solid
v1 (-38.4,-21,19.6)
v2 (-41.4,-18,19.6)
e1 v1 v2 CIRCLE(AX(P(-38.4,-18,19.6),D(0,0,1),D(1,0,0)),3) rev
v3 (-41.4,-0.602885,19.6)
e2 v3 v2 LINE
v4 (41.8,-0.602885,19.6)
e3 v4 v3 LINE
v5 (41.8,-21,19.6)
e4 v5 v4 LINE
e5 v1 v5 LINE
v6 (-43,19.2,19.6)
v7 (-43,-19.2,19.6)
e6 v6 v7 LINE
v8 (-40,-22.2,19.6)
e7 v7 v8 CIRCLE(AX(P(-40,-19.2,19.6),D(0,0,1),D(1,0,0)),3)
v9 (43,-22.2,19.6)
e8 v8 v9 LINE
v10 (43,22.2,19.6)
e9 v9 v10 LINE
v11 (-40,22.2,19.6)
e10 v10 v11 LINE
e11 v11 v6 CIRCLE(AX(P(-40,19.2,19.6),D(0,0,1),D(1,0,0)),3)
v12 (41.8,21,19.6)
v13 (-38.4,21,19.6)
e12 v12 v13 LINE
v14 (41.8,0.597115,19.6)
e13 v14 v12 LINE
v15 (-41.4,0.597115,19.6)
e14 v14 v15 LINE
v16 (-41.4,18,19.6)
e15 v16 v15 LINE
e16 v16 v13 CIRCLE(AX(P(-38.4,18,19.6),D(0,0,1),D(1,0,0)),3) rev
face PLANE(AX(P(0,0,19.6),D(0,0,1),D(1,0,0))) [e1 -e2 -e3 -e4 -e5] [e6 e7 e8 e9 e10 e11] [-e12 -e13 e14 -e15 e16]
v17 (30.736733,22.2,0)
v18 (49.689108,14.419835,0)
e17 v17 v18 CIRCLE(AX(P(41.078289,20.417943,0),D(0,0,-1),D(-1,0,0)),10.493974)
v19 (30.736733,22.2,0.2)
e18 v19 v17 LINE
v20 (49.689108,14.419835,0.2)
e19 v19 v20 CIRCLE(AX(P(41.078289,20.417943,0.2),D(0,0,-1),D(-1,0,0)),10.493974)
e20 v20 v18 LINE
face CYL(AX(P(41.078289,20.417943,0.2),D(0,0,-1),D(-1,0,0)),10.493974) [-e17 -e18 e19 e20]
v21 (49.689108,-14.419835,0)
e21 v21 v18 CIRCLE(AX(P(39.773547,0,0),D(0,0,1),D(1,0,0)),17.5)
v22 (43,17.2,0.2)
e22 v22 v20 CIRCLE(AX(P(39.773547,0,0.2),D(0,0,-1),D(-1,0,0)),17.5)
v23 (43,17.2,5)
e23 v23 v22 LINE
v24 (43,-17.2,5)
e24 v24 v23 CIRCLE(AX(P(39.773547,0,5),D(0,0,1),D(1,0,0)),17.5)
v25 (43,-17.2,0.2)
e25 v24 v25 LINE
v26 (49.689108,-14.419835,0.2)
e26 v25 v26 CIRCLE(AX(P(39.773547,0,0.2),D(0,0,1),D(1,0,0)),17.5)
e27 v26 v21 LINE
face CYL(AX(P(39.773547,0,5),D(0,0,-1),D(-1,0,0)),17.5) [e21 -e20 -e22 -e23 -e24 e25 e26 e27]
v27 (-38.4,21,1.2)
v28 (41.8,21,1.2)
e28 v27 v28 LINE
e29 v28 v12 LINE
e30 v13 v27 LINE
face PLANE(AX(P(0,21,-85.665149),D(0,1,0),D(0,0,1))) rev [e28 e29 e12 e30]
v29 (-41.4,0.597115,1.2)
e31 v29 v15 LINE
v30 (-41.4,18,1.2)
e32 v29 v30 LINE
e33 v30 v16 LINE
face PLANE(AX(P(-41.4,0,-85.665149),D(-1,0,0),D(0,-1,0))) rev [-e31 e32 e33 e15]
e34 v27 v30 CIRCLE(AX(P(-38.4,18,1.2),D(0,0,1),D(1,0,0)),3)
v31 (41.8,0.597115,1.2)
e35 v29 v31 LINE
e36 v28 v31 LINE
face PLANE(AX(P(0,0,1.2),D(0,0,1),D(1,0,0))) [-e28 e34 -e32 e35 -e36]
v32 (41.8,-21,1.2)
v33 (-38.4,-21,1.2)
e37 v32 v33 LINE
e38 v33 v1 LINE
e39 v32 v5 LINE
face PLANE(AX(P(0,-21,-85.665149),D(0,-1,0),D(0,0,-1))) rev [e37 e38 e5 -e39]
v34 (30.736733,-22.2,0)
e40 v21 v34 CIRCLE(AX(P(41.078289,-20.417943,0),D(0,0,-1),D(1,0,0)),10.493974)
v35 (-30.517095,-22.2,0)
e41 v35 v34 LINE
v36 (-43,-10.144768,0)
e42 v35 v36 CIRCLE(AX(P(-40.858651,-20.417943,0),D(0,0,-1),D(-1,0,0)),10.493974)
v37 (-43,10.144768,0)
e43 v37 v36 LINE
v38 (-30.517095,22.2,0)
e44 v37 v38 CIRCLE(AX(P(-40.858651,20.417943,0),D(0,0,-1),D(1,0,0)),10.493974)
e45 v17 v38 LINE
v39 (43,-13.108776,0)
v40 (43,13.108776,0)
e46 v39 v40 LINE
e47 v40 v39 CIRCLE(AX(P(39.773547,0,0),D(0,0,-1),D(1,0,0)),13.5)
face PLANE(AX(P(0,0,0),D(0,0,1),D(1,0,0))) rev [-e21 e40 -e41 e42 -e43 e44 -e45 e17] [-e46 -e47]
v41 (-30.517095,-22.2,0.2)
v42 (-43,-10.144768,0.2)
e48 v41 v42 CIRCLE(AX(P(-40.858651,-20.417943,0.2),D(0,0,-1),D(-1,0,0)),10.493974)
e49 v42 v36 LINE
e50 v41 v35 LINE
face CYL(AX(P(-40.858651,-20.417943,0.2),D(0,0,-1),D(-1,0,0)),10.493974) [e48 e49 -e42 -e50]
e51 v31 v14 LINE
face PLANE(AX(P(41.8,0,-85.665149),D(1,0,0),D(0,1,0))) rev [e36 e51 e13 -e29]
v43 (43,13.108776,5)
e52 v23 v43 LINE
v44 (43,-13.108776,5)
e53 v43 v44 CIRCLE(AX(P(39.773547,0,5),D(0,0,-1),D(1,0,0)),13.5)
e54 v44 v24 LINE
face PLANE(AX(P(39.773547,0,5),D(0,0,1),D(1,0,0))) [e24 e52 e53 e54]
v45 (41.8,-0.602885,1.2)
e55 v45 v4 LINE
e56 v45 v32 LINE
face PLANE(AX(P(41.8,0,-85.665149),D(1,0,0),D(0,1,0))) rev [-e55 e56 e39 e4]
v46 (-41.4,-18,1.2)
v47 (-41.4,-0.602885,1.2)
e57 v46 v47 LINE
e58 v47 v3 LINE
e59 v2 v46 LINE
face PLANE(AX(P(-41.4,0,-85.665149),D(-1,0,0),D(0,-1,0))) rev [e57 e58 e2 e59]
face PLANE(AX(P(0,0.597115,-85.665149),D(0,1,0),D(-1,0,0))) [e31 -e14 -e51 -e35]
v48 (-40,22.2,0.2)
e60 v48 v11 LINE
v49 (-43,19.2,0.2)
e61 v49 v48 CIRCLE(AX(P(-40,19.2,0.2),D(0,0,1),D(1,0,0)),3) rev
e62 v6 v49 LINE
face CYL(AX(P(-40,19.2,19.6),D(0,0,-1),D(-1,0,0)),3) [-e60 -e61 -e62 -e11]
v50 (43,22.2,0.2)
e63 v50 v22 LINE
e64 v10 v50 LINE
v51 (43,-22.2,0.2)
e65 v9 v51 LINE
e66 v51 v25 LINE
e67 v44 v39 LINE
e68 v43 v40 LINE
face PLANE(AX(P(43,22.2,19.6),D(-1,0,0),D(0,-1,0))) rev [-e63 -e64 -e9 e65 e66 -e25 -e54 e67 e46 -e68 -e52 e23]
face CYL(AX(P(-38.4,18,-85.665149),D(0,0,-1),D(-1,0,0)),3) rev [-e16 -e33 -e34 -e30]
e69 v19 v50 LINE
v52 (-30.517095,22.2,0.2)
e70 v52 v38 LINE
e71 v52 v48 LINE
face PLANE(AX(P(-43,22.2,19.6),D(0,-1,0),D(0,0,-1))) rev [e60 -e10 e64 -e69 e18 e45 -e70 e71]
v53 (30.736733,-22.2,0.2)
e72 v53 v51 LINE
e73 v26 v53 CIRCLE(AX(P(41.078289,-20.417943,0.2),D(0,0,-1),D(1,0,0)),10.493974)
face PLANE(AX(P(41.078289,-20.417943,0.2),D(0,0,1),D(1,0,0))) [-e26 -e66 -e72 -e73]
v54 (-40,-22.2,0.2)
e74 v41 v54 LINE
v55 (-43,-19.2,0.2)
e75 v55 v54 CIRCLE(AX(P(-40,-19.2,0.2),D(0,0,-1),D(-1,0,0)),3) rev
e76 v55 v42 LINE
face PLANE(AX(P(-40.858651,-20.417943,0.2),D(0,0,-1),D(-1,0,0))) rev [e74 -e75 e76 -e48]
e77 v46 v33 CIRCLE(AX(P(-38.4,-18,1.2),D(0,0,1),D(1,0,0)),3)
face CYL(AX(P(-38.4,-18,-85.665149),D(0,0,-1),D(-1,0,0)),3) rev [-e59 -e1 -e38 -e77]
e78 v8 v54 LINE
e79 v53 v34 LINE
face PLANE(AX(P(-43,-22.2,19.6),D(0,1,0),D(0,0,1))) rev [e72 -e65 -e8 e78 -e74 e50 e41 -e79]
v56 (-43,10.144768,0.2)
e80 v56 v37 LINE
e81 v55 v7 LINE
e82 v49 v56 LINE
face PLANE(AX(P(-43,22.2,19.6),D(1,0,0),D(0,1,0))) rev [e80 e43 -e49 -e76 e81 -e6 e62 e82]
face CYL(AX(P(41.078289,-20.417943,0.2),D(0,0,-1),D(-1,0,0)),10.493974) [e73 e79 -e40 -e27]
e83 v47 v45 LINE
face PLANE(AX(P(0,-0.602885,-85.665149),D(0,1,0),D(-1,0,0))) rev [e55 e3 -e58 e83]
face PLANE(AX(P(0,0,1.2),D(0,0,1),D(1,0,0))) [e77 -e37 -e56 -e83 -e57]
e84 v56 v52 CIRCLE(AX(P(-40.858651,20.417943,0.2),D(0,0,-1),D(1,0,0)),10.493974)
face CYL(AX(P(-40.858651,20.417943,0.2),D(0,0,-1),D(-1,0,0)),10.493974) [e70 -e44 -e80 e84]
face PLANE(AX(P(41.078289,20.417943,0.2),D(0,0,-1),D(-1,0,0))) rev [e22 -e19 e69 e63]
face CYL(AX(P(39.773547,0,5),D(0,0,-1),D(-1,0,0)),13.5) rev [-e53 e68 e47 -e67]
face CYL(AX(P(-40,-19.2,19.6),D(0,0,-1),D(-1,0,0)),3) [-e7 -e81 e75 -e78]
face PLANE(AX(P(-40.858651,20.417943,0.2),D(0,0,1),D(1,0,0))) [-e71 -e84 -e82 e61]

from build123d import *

# Parameters (mm, degrees)
SKETCH_1_W          = 86
SKETCH_1_H          = 44.4
EXTRUDE_1_DEPTH     = 19.6
EXTRUDE_2_DEPTH     = 5
SKETCH_3_W          = 83.2
SKETCH_3_H          = 20.402884615
SKETCH_3_H_2        = 20.397115385
CUT_EXTRUDE_1_DEPTH = 18.4
FILLET_1_R          = 3
EXTRUDE_3_DEPTH     = 0.2


with BuildPart() as part:
    # Эскиз1 → Бобышка-Вытянуть1 (new body)
    with BuildSketch(Plane.XY):
        Rectangle(SKETCH_1_W, SKETCH_1_H)
    extrude(amount=EXTRUDE_1_DEPTH)

    # Эскиз2 → Бобышка-Вытянуть2 (add)
    with BuildSketch(Plane.XY):
        with BuildLine():
            Line((43, 17.2), (43, 13.108775687))
            ThreePointArc((43, 13.108775687), (53.273546839, 0), (43, -13.108775687))
            Line((43, -13.108775687), (43, -17.2))
            ThreePointArc((43, -17.2), (57.273546839, 0), (43, 17.2))
        make_face()
    extrude(amount=EXTRUDE_2_DEPTH)

    # Эскиз3 → Вырез-Вытянуть1 (cut)
    with BuildSketch(Plane.XY.offset(19.6)):
        with Locations((0.2, 10.798557692)):
            Rectangle(SKETCH_3_W, SKETCH_3_H)
        with Locations((0.2, -10.801442308)):
            Rectangle(SKETCH_3_W, SKETCH_3_H_2)
    extrude(amount=-CUT_EXTRUDE_1_DEPTH, mode=Mode.SUBTRACT)

    # Скругление1
    fillet_1_edges = [part.edges().sort_by_distance(p)[0] for p in [
        (-41.4, 21, 10.4),
        (-41.4, -21, 10.4),
        (-43, -22.2, 9.8),
        (-43, 22.2, 9.8),
    ]]
    fillet(fillet_1_edges, radius=FILLET_1_R)

    # Эскиз4 → Бобышка-Вытянуть3 (add)
    with BuildSketch(Plane(origin=(0, 0, 0), x_dir=(-1, 0, 0), z_dir=(0, 0, -1))):
        with BuildLine():
            Line((-49.68910779, 14.419835333), (-30.736733343, 22.2))
            ThreePointArc((-30.736733343, 22.2), (-45.063461681, 30.125769311), (-49.68910779, 14.419835333))
        make_face()
        with BuildLine():
            Line((43, 10.144768059), (30.517095223, 22.2))
            ThreePointArc((30.517095223, 22.2), (48.148575221, 27.966485606), (43, 10.144768059))
        make_face()
        with BuildLine():
            Line((43, -10.144768059), (30.517095223, -22.2))
            ThreePointArc((30.517095223, -22.2), (48.148575221, -27.966485606), (43, -10.144768059))
        make_face()
        with BuildLine():
            Line((-49.68910779, -14.419835333), (-30.736733343, -22.2))
            ThreePointArc((-30.736733343, -22.2), (-45.063461681, -30.125769311), (-49.68910779, -14.419835333))
        make_face()
    extrude(amount=-EXTRUDE_3_DEPTH)


solid = part.part
